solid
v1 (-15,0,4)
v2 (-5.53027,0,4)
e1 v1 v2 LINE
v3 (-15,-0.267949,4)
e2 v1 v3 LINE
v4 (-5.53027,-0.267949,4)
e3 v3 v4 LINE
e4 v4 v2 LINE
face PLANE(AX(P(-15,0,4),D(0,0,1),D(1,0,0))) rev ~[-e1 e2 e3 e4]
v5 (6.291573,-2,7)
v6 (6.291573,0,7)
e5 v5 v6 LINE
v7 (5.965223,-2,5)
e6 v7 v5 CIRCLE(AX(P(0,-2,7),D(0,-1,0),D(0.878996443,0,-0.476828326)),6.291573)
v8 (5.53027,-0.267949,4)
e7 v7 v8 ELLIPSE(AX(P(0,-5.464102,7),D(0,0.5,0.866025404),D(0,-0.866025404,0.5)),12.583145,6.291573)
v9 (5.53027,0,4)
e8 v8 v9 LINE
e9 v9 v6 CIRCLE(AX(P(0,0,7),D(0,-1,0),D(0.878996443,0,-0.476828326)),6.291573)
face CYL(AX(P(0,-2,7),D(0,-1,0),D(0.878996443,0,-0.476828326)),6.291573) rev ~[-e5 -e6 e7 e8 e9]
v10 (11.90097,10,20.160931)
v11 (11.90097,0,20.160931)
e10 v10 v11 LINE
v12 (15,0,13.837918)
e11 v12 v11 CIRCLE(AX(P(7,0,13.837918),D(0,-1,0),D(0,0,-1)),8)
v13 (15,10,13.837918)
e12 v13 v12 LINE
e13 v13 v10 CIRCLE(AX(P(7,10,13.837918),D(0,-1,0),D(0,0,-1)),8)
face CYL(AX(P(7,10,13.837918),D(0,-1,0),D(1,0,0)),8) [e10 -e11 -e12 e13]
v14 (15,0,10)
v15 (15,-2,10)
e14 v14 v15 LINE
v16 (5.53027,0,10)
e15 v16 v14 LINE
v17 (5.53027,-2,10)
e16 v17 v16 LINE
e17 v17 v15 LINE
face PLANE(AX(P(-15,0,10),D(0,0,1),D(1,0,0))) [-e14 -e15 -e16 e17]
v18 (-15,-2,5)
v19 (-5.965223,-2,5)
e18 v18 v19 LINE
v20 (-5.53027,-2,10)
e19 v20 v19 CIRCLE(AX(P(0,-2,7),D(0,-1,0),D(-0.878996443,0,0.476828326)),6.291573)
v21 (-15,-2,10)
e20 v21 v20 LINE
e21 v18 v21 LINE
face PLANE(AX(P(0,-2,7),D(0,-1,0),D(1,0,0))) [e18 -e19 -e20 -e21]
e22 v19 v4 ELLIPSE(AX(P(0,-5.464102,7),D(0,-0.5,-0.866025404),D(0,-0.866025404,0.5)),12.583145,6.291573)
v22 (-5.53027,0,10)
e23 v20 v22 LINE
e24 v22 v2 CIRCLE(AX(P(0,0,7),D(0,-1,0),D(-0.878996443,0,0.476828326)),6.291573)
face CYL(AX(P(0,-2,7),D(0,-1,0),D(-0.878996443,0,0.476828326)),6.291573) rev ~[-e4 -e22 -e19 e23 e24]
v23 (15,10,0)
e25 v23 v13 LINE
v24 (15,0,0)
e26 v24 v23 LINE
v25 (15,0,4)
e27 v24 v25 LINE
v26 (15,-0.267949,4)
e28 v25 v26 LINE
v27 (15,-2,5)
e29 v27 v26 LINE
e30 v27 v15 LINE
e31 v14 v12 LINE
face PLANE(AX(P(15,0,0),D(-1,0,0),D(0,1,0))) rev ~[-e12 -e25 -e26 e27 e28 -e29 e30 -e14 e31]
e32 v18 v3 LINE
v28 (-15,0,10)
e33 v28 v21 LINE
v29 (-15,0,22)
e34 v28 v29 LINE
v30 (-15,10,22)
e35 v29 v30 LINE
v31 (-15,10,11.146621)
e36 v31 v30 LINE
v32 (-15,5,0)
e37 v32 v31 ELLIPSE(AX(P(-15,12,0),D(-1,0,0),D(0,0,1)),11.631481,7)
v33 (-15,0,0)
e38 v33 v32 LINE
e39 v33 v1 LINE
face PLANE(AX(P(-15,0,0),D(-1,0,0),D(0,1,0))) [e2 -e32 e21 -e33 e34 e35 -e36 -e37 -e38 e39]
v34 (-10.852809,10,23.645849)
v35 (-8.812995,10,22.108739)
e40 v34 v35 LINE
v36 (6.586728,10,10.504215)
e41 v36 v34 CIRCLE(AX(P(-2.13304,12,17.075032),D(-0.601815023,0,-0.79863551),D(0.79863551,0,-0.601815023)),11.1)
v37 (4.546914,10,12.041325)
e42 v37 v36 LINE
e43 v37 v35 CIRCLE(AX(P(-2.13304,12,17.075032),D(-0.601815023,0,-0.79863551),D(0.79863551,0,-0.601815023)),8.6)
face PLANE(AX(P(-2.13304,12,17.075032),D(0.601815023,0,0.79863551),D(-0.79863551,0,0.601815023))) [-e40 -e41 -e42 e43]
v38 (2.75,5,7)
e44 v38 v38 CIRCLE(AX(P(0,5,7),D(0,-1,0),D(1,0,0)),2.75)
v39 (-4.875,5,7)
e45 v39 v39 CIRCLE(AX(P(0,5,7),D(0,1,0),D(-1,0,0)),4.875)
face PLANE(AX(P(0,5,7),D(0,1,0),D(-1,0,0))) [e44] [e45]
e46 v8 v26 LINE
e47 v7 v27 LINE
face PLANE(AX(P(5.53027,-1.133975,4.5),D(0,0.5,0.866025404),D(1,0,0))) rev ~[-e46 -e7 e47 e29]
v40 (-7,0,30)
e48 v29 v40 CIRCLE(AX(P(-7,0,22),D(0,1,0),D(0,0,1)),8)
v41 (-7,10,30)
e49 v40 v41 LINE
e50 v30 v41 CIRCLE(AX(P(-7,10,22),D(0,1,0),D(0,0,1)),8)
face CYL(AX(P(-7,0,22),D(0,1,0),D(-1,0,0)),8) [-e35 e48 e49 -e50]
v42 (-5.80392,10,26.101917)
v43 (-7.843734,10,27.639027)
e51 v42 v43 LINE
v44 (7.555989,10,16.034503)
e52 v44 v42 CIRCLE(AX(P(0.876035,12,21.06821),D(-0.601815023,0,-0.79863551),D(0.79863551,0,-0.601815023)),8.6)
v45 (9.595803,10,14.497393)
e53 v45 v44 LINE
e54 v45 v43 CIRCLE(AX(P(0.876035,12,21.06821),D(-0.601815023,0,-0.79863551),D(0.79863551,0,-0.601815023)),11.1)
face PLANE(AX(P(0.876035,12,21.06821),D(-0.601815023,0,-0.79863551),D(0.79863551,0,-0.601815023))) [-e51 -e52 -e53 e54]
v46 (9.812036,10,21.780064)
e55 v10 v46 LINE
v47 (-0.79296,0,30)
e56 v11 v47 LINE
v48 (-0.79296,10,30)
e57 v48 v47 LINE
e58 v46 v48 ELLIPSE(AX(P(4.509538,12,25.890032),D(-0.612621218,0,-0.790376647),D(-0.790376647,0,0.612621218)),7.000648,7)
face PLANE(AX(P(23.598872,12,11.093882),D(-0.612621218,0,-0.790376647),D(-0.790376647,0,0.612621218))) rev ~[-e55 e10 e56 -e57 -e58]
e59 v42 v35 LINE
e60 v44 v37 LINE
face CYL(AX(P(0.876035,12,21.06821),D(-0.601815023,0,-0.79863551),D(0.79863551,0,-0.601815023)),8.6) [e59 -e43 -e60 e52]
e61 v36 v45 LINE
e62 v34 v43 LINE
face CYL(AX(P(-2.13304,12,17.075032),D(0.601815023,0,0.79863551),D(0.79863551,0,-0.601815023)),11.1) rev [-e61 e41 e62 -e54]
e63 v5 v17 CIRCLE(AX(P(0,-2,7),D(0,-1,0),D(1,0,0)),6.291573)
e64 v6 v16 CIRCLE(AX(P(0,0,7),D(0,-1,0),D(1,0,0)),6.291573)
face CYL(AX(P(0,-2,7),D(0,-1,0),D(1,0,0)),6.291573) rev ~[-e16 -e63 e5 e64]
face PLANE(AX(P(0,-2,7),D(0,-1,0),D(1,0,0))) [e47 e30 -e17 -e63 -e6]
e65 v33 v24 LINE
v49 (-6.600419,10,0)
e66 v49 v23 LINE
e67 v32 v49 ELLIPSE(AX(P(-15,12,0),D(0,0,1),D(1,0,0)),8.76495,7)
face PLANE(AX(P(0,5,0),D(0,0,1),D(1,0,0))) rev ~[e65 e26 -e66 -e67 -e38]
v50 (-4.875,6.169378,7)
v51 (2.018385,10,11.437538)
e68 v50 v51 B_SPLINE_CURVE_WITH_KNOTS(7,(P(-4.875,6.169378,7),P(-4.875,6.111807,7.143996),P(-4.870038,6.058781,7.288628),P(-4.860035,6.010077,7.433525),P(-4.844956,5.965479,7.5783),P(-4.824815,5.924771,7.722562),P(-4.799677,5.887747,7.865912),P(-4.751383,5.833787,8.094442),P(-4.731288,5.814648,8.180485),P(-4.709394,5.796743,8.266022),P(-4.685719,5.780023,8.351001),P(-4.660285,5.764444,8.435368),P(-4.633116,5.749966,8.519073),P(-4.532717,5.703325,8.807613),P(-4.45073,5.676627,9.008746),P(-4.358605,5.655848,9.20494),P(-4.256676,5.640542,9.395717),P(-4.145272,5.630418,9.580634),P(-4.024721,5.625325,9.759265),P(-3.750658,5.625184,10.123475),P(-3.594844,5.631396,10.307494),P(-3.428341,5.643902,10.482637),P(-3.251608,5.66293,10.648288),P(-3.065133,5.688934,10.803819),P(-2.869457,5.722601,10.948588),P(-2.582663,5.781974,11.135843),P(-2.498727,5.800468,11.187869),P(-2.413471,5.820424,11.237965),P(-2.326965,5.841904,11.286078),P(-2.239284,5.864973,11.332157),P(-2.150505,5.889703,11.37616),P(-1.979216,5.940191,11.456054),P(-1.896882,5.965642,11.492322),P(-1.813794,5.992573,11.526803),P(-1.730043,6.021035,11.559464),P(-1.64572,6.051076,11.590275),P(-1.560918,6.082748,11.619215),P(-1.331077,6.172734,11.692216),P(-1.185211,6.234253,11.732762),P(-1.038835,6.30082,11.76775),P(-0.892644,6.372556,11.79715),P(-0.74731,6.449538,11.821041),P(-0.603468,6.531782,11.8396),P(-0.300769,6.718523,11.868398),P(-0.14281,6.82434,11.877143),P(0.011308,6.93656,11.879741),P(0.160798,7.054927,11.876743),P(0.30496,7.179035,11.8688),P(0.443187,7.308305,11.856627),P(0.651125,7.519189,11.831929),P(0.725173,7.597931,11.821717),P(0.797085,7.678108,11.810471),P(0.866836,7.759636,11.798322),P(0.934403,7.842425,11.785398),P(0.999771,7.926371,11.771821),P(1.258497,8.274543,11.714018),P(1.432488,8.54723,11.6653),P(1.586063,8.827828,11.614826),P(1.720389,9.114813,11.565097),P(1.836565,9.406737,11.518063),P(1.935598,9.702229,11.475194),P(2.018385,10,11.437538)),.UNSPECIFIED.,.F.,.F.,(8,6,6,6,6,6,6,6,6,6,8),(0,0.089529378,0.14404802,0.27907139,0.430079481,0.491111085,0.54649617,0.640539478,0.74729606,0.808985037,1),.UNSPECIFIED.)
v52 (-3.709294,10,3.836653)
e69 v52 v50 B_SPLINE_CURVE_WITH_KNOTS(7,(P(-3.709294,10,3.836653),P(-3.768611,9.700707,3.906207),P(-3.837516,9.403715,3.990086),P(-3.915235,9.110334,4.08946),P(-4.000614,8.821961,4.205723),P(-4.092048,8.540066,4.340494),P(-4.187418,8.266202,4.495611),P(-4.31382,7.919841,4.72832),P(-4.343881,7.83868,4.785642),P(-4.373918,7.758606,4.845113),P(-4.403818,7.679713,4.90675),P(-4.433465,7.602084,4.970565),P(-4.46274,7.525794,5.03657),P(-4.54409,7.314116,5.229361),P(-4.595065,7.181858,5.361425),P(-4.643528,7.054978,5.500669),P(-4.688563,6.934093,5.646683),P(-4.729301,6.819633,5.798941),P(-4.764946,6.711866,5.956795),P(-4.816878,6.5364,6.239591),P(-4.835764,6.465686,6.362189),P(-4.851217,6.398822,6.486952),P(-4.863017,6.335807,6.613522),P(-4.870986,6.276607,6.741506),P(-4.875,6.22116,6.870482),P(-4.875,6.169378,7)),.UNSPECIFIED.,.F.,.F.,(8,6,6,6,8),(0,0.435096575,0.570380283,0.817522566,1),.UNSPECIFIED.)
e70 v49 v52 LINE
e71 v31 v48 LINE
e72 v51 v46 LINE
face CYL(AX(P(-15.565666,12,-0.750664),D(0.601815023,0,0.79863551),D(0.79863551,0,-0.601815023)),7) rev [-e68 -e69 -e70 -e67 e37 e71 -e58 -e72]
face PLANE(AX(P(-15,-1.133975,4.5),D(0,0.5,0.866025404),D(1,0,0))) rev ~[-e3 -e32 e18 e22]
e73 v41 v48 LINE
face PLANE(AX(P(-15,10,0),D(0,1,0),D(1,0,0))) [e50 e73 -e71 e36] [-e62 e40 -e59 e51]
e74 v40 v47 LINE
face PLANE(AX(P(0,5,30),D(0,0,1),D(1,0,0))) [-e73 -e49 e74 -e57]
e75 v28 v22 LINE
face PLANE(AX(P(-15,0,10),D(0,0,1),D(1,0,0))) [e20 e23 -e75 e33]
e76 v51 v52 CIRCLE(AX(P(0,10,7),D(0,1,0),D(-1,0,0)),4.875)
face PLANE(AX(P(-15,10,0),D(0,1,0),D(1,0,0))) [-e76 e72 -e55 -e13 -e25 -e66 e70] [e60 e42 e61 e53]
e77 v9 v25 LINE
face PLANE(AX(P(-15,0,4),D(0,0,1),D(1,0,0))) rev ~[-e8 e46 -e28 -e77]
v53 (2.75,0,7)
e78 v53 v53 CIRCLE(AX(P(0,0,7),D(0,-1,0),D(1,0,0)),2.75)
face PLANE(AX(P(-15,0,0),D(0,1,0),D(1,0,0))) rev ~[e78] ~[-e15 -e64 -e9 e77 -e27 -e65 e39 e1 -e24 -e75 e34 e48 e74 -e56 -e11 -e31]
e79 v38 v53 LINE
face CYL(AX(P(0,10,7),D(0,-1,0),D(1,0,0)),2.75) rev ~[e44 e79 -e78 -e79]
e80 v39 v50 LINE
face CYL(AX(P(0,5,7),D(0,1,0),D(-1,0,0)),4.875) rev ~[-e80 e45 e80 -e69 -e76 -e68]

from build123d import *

# Parameters (mm, degrees)
F0_W            = 30
F0_H            = 10
F1_DEPTH        = 30
F6_DEPTH        = 25
F7_R            = 8
F8_W            = 30
F8_H            = 6
F9_DEPTH        = 2
F11_D           = 5.5
F11_DEPTH       = 100
F11_CBORE_D     = 9.75
F11_CBORE_DEPTH = 5
F11_TIP         = 1.6523667023
F12_R           = 2.75
F13_DEPTH       = 2
F14_SIZE2       = 1.7320508076
F14_SIZE        = 1
F14_2_SIZE2     = 1.7320508076
F14_2_SIZE      = 1


with BuildPart() as f1:
    # F0 (on Top) → F1 (new body)
    with BuildSketch(Plane.XY):
        with Locations((0, 5)):
            Rectangle(F0_W, F0_H)
    extrude(amount=F1_DEPTH)

    # F3 (on offset) → F4 (revolve, cut)
    with BuildSketch(Plane.XZ.offset(-12)):
        Polygon((16.9375651661, 30.751099481), (11.3471165957, 34.963804643), (-15.5656658205, -0.7506638978), (-9.9752172501, -4.9633690599), align=None)
        Polygon((9.7408888818, 14.3880629064), (7.7443001067, 15.8926004643), (4.7352249909, 11.8994229141), (6.7318137661, 10.3948853562), align=None)
    revolve(axis=Axis((-2.1092746124, 12, 17.1065703726), (-0.6018150232, 0, -0.79863551)), mode=Mode.SUBTRACT)

    # F5 (on offset) → F6 (intersect)
    with BuildSketch(Plane.XZ.offset(-12)):
        Polygon((3.6727298394, -14.6139401428), (23.5988721657, 11.0938824045), (-9.6680302551, 36.8790702076), (-29.5941725814, 11.1712476603), align=None)
    extrude(amount=F6_DEPTH, mode=Mode.INTERSECT)

    # F7
    f7_edges = [f1.edges().sort_by_distance(p)[0] for p in [
        (-15, 5, 30),
        (15, 5, 17.758871),
    ]]
    fillet(f7_edges, radius=F7_R)

    # F8 (on face) → F9 (join)
    with BuildSketch(Plane.XZ):
        with Locations((0, 7)):
            Rectangle(F8_W, F8_H)
    extrude(amount=F9_DEPTH)

    # F11
    with Locations(Plane(origin=(0, 10, 0), x_dir=(-1, 0, 0), z_dir=(0, 1, 0))):
        with Locations((0, 7)):
            CounterBoreHole(F11_D / 2, F11_CBORE_D / 2, F11_CBORE_DEPTH, depth=F11_DEPTH)
            with Locations((0, 0, -(F11_DEPTH + F11_TIP / 2))):  # 118° drill point
                Cone(0, F11_D / 2, F11_TIP, mode=Mode.SUBTRACT)

    # F12 (on face) → F13 (cut)
    with BuildSketch(Plane.XZ.offset(2)):
        with BuildLine():
            ThreePointArc((5.5302698775, 4), (6.0982775835, 5.4524550305), (6.2915725314, 7))
            ThreePointArc((6.2915725314, 7), (6.0982775835, 8.5475449695), (5.5302698775, 10))
            Line((5.5302698775, 10), (-5.5302698775, 10))
            ThreePointArc((-5.5302698775, 10), (-6.2915725314, 7), (-5.5302698775, 4))
            Line((-5.5302698775, 4), (5.5302698775, 4))
        make_face()
        with Locations((0, 7)):
            Circle(F12_R, mode=Mode.SUBTRACT)
    extrude(amount=-F13_DEPTH, mode=Mode.SUBTRACT)

    # F14
    f14_edges = [f1.edges().sort_by_distance(p)[0] for p in [
        (10.265135, -2, 4),
    ]]
    f14_side = f1.faces().sort_by_distance((10.51932, -2, 7))[0]
    chamfer(f14_edges, length=F14_SIZE, length2=F14_SIZE2, reference=f14_side)

    # F14#2
    f14_2_edges = [f1.edges().sort_by_distance(p)[0] for p in [
        (-10.265135, -2, 4),
    ]]
    f14_2_side = f1.faces().sort_by_distance((-10.51932, -2, 7))[0]
    chamfer(f14_2_edges, length=F14_2_SIZE, length2=F14_2_SIZE2, reference=f14_2_side)


solid = f1.part
